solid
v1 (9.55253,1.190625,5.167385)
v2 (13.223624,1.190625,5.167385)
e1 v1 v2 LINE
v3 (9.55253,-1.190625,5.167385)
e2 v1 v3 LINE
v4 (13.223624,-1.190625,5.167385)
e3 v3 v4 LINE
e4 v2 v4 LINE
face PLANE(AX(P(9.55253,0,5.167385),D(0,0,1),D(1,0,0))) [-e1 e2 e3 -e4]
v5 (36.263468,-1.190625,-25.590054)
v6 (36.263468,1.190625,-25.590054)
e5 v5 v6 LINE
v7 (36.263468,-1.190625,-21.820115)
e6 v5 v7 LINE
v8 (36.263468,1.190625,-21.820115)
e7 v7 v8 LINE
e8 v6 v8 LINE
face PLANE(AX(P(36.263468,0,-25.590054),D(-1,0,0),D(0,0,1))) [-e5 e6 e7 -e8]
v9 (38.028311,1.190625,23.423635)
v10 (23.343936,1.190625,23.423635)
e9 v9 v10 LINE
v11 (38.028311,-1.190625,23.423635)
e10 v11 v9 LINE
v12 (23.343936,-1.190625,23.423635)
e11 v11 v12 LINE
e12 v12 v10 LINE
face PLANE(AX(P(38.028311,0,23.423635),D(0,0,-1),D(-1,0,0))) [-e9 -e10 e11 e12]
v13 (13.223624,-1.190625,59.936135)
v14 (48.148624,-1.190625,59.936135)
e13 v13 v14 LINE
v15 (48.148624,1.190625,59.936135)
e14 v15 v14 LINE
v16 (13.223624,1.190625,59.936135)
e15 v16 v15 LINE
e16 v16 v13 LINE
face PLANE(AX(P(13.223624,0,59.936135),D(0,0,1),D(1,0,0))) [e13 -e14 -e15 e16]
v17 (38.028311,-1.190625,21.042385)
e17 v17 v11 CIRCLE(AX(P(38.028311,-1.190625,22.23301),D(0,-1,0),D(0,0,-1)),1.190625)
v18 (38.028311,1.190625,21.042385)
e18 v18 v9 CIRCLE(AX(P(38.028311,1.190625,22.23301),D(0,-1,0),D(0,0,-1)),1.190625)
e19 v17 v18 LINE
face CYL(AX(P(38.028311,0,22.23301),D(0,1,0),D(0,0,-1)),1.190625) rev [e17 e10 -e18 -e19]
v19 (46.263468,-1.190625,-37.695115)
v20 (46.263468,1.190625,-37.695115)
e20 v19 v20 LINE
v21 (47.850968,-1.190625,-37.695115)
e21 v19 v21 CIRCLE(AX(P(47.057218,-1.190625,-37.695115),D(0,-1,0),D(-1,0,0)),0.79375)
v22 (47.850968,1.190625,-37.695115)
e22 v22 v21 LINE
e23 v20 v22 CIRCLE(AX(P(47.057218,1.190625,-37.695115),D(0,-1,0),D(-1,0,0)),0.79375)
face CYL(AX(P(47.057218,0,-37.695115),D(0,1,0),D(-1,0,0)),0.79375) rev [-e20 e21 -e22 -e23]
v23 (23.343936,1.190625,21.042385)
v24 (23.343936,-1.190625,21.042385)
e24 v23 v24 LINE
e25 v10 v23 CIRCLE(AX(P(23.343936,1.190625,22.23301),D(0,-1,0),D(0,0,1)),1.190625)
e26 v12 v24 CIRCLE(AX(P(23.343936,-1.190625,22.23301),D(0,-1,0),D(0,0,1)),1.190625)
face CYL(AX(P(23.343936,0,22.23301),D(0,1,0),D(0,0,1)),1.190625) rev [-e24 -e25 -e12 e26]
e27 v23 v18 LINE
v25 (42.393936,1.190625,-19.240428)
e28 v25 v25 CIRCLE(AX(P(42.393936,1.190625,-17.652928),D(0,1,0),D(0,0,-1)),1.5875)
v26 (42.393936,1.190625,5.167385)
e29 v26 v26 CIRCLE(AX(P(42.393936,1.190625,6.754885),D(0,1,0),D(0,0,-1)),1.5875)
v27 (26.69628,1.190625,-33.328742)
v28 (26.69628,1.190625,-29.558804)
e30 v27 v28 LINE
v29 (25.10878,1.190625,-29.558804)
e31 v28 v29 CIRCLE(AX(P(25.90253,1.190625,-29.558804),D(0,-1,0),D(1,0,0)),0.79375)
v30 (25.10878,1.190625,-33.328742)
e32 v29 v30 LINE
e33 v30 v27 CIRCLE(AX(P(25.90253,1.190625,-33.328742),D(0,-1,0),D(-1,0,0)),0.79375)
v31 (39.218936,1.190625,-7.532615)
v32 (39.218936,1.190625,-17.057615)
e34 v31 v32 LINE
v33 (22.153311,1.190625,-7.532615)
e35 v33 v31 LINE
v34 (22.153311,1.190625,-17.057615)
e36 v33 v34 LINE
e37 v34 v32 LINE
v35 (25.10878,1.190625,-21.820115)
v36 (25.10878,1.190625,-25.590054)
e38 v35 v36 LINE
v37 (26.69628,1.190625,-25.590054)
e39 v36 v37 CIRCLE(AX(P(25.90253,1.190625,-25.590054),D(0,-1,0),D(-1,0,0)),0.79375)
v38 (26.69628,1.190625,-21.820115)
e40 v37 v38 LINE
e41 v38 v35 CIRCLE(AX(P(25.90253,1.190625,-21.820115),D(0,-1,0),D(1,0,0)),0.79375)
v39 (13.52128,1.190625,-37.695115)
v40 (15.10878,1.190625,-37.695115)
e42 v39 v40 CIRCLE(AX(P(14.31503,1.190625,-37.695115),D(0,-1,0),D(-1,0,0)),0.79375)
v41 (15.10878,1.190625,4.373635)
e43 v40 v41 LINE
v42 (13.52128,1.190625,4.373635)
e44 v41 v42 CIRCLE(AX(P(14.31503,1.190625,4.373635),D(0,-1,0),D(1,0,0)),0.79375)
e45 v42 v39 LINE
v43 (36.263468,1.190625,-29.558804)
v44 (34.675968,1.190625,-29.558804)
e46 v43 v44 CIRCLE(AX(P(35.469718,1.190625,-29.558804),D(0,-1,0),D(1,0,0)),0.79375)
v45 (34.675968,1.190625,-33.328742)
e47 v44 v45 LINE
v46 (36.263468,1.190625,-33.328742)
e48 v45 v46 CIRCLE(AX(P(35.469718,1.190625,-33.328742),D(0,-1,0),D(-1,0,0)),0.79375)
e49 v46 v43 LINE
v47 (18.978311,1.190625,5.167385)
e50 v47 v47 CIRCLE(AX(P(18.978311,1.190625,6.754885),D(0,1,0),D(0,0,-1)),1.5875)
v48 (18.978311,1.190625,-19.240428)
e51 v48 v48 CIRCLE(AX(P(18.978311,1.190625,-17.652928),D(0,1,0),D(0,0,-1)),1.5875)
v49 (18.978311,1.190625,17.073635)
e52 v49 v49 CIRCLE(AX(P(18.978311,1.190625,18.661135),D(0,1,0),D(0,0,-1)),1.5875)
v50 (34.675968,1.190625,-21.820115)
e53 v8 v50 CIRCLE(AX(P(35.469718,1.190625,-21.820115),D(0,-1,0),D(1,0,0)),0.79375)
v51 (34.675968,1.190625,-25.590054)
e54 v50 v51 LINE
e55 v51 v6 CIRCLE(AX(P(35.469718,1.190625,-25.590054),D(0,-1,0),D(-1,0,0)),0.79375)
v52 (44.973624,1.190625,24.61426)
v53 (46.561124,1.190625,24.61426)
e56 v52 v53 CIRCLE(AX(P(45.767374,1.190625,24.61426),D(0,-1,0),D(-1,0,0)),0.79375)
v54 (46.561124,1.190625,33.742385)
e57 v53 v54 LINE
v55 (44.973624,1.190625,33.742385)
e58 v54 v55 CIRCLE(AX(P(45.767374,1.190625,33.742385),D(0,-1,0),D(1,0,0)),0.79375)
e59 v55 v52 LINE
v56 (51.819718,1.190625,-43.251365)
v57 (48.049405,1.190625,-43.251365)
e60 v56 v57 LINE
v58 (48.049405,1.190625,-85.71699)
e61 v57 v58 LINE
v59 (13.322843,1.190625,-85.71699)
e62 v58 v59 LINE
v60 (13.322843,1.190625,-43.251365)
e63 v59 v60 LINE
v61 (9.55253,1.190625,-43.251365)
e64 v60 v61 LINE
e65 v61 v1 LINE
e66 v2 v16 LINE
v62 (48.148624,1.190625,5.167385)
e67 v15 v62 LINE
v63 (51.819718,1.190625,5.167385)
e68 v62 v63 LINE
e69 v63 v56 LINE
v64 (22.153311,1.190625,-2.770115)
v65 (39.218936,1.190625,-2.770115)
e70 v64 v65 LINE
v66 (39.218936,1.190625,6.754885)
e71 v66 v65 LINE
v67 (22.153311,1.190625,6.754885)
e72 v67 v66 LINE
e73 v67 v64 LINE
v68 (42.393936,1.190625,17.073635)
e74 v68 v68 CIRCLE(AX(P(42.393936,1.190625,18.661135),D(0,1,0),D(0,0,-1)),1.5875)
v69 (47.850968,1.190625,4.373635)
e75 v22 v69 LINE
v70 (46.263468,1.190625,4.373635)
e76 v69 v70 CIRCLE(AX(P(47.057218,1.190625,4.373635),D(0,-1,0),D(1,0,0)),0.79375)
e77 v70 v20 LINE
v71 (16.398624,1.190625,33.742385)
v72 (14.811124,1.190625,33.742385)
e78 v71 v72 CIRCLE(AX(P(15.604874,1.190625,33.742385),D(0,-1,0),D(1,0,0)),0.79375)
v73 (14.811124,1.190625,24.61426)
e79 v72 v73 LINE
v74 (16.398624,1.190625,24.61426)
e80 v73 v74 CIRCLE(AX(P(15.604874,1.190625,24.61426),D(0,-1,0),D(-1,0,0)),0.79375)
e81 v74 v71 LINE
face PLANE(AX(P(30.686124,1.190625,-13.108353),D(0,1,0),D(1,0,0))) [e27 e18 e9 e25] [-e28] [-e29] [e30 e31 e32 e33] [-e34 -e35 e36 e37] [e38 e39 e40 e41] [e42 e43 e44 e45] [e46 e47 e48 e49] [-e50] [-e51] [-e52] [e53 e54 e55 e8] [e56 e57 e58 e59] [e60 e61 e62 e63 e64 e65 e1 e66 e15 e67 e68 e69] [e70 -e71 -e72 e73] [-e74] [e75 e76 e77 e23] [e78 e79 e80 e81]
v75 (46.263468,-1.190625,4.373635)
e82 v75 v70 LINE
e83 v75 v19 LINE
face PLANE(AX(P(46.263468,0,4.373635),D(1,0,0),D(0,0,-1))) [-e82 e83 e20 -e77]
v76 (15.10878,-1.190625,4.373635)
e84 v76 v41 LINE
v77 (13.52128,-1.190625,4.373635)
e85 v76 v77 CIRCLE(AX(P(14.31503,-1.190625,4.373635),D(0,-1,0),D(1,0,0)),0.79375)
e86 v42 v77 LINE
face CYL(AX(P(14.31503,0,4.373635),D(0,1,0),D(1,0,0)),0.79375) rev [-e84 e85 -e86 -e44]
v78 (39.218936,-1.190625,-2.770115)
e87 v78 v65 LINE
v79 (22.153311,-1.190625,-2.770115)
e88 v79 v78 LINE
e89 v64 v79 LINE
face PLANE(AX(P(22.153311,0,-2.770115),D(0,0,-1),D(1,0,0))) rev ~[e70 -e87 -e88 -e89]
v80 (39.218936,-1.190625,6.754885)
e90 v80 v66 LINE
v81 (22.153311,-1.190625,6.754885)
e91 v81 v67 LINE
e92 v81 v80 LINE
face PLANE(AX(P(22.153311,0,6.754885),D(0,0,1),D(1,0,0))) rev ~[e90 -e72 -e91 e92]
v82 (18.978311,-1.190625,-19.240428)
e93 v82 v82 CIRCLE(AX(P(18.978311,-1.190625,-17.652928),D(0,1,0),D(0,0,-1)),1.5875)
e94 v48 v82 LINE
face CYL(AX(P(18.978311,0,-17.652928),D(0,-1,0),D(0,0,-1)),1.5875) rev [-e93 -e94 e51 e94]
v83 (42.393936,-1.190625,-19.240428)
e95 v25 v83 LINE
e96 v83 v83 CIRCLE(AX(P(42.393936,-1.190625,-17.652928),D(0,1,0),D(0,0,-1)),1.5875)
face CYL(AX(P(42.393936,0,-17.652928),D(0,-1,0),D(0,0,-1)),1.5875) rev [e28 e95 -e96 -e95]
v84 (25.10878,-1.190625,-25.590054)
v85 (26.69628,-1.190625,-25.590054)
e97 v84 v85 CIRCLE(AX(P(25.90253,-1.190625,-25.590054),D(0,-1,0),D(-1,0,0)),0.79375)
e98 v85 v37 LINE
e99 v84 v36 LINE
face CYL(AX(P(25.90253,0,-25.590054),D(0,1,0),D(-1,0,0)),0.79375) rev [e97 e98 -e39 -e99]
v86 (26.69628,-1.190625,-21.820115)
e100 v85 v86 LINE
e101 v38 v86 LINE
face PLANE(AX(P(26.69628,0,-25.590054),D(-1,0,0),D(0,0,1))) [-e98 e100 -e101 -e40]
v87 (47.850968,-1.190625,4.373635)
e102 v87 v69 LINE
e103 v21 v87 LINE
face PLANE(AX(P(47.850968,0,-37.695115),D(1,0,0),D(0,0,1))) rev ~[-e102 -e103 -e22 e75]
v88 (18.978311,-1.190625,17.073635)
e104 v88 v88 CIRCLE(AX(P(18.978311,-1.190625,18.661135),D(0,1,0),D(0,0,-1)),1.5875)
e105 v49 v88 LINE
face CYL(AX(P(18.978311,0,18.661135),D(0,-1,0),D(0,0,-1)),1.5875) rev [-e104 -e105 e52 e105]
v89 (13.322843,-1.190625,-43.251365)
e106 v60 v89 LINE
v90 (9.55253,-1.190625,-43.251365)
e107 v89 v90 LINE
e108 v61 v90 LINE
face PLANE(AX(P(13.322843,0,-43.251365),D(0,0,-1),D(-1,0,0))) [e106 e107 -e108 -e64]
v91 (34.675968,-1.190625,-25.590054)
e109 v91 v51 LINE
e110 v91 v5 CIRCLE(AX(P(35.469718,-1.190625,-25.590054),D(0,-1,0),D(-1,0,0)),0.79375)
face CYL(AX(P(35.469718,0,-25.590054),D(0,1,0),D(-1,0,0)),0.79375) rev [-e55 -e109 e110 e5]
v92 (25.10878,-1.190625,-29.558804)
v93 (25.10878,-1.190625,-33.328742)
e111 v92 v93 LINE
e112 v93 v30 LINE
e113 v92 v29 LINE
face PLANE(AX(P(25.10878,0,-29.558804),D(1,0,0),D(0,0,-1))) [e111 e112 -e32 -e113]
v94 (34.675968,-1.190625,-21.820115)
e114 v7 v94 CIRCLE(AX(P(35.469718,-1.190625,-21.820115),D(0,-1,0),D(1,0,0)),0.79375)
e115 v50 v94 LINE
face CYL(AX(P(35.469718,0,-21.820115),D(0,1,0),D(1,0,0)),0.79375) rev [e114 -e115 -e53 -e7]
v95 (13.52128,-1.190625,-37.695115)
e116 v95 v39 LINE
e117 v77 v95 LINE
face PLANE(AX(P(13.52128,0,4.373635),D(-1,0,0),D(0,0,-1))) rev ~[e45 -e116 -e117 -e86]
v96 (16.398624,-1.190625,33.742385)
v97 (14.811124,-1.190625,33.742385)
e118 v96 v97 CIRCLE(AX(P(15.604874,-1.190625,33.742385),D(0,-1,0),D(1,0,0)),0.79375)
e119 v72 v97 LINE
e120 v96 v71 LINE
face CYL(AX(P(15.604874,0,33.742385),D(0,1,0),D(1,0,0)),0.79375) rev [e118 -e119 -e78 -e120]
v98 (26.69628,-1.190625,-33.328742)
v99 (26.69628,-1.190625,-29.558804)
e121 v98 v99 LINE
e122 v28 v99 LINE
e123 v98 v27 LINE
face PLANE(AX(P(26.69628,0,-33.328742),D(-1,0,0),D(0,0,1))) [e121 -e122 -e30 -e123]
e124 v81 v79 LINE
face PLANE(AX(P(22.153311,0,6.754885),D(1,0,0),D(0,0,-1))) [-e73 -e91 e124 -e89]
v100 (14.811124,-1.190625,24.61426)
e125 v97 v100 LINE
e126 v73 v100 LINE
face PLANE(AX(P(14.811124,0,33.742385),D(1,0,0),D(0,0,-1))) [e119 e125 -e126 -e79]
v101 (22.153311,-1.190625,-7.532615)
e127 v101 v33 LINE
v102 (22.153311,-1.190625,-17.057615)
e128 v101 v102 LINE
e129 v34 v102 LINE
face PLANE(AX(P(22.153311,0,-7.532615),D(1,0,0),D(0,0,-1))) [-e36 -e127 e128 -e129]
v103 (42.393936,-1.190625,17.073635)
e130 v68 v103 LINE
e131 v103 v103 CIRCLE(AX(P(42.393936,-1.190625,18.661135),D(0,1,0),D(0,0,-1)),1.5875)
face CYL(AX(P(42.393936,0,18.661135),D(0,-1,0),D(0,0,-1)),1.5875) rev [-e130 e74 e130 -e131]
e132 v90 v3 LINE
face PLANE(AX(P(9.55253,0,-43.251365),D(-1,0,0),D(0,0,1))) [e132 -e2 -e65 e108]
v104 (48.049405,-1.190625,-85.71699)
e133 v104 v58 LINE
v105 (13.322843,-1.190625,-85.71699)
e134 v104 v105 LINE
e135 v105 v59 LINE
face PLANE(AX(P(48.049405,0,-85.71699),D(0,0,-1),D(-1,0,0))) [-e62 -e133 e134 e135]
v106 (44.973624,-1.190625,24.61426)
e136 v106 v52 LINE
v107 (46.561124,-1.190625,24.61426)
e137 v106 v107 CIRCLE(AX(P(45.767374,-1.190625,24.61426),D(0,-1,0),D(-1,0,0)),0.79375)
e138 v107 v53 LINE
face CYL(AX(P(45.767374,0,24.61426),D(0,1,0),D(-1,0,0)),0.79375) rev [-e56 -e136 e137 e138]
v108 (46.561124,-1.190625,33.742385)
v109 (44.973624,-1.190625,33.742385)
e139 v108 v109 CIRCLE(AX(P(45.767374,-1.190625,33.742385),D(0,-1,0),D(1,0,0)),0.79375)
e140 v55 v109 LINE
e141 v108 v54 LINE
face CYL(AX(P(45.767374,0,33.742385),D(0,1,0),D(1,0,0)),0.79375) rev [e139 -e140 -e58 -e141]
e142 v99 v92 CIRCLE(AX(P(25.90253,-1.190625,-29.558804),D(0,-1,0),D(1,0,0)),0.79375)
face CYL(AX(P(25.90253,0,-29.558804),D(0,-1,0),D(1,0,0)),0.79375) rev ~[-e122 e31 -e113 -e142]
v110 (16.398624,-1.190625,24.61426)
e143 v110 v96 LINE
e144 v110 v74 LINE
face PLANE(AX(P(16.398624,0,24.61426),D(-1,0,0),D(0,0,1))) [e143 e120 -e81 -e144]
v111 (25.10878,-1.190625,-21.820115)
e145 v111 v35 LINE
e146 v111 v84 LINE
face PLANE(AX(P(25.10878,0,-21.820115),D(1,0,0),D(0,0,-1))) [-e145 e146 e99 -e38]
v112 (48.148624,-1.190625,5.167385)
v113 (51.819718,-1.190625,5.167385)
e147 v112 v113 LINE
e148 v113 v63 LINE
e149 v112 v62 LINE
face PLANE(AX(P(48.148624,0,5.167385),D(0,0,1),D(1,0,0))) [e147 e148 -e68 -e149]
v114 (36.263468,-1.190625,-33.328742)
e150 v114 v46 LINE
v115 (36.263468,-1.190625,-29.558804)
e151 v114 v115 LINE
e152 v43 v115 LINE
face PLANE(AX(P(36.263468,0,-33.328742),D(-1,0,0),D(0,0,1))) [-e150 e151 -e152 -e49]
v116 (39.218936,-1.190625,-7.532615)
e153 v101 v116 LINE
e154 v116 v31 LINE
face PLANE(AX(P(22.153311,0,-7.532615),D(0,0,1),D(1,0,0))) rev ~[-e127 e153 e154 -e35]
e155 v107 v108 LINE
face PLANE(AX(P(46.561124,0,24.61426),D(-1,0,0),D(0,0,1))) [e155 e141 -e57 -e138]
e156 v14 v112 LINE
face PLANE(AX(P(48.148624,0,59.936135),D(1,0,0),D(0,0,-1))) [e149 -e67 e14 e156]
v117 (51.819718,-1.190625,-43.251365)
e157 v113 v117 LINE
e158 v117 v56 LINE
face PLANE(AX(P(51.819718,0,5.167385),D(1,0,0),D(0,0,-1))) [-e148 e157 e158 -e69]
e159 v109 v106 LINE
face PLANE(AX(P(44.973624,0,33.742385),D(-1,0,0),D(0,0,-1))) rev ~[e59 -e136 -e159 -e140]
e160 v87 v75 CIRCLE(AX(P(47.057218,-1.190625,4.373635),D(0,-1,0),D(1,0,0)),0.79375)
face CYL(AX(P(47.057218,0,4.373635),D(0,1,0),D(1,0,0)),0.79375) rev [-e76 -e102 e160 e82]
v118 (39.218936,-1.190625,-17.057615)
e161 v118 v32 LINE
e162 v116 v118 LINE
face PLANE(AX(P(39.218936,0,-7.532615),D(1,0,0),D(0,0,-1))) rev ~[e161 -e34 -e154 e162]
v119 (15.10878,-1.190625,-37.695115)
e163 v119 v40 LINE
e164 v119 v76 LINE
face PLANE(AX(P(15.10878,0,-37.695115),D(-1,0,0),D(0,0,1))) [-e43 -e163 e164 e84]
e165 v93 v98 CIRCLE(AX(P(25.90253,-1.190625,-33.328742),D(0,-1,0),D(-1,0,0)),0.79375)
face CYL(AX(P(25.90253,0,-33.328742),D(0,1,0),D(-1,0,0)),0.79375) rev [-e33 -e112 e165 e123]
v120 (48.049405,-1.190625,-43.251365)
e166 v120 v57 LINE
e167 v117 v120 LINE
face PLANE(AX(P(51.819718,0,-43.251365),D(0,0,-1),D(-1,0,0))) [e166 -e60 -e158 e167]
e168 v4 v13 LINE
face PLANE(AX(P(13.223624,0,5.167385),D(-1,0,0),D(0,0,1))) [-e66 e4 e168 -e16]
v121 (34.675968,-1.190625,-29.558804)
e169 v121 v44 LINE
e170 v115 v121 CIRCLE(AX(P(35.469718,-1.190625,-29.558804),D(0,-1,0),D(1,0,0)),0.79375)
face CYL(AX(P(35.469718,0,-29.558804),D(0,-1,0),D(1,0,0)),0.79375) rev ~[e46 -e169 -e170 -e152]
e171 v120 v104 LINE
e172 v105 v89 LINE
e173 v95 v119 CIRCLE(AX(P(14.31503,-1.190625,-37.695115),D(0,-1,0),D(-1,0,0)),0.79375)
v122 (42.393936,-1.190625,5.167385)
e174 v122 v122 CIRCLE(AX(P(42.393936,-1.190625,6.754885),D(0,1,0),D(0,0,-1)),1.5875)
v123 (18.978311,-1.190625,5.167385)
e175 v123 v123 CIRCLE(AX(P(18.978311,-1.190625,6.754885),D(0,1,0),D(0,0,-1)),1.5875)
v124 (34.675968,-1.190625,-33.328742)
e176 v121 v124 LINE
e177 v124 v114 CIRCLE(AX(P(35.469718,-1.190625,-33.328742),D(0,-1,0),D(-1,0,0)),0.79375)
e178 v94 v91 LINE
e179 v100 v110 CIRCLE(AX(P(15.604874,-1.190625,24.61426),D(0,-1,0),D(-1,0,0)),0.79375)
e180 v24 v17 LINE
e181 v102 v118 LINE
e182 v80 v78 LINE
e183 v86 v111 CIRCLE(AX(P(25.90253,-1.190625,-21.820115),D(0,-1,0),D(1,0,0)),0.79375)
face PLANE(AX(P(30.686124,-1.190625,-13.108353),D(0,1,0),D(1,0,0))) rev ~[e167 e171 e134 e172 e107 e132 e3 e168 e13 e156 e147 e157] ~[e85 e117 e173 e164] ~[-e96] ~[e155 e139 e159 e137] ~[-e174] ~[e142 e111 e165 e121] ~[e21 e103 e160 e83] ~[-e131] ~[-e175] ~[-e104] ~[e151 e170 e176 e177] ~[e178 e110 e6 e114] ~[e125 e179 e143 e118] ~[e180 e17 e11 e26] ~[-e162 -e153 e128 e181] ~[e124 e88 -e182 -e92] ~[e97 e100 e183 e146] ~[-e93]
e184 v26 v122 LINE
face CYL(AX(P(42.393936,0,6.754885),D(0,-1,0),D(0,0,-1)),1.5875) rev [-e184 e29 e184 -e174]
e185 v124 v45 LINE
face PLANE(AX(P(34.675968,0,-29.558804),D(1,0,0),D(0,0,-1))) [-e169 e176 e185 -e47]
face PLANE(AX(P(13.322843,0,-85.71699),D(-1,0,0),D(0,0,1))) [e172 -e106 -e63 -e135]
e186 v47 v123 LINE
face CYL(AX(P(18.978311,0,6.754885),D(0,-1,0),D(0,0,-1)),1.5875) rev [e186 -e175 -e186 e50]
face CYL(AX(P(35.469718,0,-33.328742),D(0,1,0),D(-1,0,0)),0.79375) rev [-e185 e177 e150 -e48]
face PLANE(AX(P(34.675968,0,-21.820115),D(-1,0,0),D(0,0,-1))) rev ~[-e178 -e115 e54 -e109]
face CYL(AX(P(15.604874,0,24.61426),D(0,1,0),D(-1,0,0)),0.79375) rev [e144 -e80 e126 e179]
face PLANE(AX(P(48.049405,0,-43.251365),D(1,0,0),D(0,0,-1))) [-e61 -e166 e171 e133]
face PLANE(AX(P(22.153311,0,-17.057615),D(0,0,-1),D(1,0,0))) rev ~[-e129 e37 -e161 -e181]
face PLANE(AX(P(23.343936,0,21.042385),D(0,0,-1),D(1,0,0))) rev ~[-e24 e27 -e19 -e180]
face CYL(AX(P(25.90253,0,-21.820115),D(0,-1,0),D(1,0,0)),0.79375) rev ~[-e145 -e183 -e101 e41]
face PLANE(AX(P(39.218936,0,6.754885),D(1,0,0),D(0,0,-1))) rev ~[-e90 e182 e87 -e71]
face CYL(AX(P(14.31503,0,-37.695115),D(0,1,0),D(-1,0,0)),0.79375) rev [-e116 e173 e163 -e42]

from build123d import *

# Parameters (mm, degrees)
SKETCH1_W           = 17.065625
SKETCH1_H           = 9.525
SKETCH1_R           = 1.5875
BOSS_EXTRUDE2_DEPTH = 1.190625


with BuildPart() as part:
    # Sketch1 → Boss-Extrude2 (new, symmetric)
    with BuildSketch(Plane(origin=(0, 0, 0), x_dir=(1, 0, 0), z_dir=(0, 1, 0))):
        Polygon((48.148623935, -59.93613473), (48.148623935, -5.16738473), (51.819717685, -5.16738473), (51.819717685, 43.25136527), (48.049405185, 43.25136527), (48.049405185, 85.71699027), (13.322842685, 85.71699027), (13.322842685, 43.25136527), (9.552530185, 43.25136527), (9.552530185, -5.16738473), (13.223623935, -5.16738473), (13.223623935, -59.93613473), align=None)
        with Locations((30.686123935, 12.29511527)):
            Rectangle(SKETCH1_W, SKETCH1_H, mode=Mode.SUBTRACT)
        with Locations((30.686123935, -1.99238473)):
            Rectangle(SKETCH1_W, SKETCH1_H, mode=Mode.SUBTRACT)
        with BuildLine():
            Line((16.398623935, -24.61425973), (16.398623935, -33.74238473))
            ThreePointArc((16.398623935, -33.74238473), (15.604873935, -34.53613473), (14.811123935, -33.74238473))
            Line((14.811123935, -33.74238473), (14.811123935, -24.61425973))
            ThreePointArc((14.811123935, -24.61425973), (15.604873935, -23.82050973), (16.398623935, -24.61425973))
        make_face(mode=Mode.SUBTRACT)
        with Locations(Location((18.978311435, -18.66113473, 0), (0, 0, 90))):
            Circle(SKETCH1_R, mode=Mode.SUBTRACT)
        with Locations(Location((18.978311435, -6.75488473, 0), (0, 0, 90))):
            Circle(SKETCH1_R, mode=Mode.SUBTRACT)
        with BuildLine():
            ThreePointArc((23.343936435, -23.42363473), (22.153311435, -22.23300973), (23.343936435, -21.04238473))
            Line((23.343936435, -21.04238473), (38.028311435, -21.04238473))
            ThreePointArc((38.028311435, -21.04238473), (39.218936435, -22.23300973), (38.028311435, -23.42363473))
            Line((38.028311435, -23.42363473), (23.343936435, -23.42363473))
        make_face(mode=Mode.SUBTRACT)
        with BuildLine():
            ThreePointArc((46.561123935, -33.74238473), (45.767373935, -34.53613473), (44.973623935, -33.74238473))
            Line((44.973623935, -33.74238473), (44.973623935, -24.61425973))
            ThreePointArc((44.973623935, -24.61425973), (45.767373935, -23.82050973), (46.561123935, -24.61425973))
            Line((46.561123935, -24.61425973), (46.561123935, -33.74238473))
        make_face(mode=Mode.SUBTRACT)
        with Locations(Location((42.393936435, -18.66113473, 0), (0, 0, 90))):
            Circle(SKETCH1_R, mode=Mode.SUBTRACT)
        with Locations(Location((42.393936435, -6.75488473, 0), (0, 0, 90))):
            Circle(SKETCH1_R, mode=Mode.SUBTRACT)
        with BuildLine():
            ThreePointArc((15.108780185, -4.37363473), (14.315030185, -5.16738473), (13.521280185, -4.37363473))
            Line((13.521280185, -4.37363473), (13.521280185, 37.69511527))
            ThreePointArc((13.521280185, 37.69511527), (14.315030185, 38.48886527), (15.108780185, 37.69511527))
            Line((15.108780185, 37.69511527), (15.108780185, -4.37363473))
        make_face(mode=Mode.SUBTRACT)
        with Locations(Location((18.978311435, 17.65292777, 0), (0, 0, 90))):
            Circle(SKETCH1_R, mode=Mode.SUBTRACT)
        with BuildLine():
            Line((26.696280185, 25.590053861), (26.696280185, 21.82011527))
            ThreePointArc((26.696280185, 21.82011527), (25.902530185, 21.02636527), (25.108780185, 21.82011527))
            Line((25.108780185, 21.82011527), (25.108780185, 25.590053861))
            ThreePointArc((25.108780185, 25.590053861), (25.902530185, 26.383803861), (26.696280185, 25.590053861))
        make_face(mode=Mode.SUBTRACT)
        with BuildLine():
            Line((26.696280185, 33.328742451), (26.696280185, 29.558803861))
            ThreePointArc((26.696280185, 29.558803861), (25.902530185, 28.765053861), (25.108780185, 29.558803861))
            Line((25.108780185, 29.558803861), (25.108780185, 33.328742451))
            ThreePointArc((25.108780185, 33.328742451), (25.902530185, 34.122492451), (26.696280185, 33.328742451))
        make_face(mode=Mode.SUBTRACT)
        with BuildLine():
            ThreePointArc((46.263467685, 37.69511527), (47.057217685, 38.48886527), (47.850967685, 37.69511527))
            Line((47.850967685, 37.69511527), (47.850967685, -4.37363473))
            ThreePointArc((47.850967685, -4.37363473), (47.057217685, -5.16738473), (46.263467685, -4.37363473))
            Line((46.263467685, -4.37363473), (46.263467685, 37.69511527))
        make_face(mode=Mode.SUBTRACT)
        with Locations(Location((42.393936435, 17.65292777, 0), (0, 0, 90))):
            Circle(SKETCH1_R, mode=Mode.SUBTRACT)
        with BuildLine():
            ThreePointArc((36.263467685, 21.82011527), (35.469717685, 21.02636527), (34.675967685, 21.82011527))
            Line((34.675967685, 21.82011527), (34.675967685, 25.590053861))
            ThreePointArc((34.675967685, 25.590053861), (35.469717685, 26.383803861), (36.263467685, 25.590053861))
            Line((36.263467685, 25.590053861), (36.263467685, 21.82011527))
        make_face(mode=Mode.SUBTRACT)
        with BuildLine():
            ThreePointArc((36.263467685, 29.558803861), (35.469717685, 28.765053861), (34.675967685, 29.558803861))
            Line((34.675967685, 29.558803861), (34.675967685, 33.328742451))
            ThreePointArc((34.675967685, 33.328742451), (35.469717685, 34.122492451), (36.263467685, 33.328742451))
            Line((36.263467685, 33.328742451), (36.263467685, 29.558803861))
        make_face(mode=Mode.SUBTRACT)
    extrude(amount=BOSS_EXTRUDE2_DEPTH, both=True)


solid = part.part
